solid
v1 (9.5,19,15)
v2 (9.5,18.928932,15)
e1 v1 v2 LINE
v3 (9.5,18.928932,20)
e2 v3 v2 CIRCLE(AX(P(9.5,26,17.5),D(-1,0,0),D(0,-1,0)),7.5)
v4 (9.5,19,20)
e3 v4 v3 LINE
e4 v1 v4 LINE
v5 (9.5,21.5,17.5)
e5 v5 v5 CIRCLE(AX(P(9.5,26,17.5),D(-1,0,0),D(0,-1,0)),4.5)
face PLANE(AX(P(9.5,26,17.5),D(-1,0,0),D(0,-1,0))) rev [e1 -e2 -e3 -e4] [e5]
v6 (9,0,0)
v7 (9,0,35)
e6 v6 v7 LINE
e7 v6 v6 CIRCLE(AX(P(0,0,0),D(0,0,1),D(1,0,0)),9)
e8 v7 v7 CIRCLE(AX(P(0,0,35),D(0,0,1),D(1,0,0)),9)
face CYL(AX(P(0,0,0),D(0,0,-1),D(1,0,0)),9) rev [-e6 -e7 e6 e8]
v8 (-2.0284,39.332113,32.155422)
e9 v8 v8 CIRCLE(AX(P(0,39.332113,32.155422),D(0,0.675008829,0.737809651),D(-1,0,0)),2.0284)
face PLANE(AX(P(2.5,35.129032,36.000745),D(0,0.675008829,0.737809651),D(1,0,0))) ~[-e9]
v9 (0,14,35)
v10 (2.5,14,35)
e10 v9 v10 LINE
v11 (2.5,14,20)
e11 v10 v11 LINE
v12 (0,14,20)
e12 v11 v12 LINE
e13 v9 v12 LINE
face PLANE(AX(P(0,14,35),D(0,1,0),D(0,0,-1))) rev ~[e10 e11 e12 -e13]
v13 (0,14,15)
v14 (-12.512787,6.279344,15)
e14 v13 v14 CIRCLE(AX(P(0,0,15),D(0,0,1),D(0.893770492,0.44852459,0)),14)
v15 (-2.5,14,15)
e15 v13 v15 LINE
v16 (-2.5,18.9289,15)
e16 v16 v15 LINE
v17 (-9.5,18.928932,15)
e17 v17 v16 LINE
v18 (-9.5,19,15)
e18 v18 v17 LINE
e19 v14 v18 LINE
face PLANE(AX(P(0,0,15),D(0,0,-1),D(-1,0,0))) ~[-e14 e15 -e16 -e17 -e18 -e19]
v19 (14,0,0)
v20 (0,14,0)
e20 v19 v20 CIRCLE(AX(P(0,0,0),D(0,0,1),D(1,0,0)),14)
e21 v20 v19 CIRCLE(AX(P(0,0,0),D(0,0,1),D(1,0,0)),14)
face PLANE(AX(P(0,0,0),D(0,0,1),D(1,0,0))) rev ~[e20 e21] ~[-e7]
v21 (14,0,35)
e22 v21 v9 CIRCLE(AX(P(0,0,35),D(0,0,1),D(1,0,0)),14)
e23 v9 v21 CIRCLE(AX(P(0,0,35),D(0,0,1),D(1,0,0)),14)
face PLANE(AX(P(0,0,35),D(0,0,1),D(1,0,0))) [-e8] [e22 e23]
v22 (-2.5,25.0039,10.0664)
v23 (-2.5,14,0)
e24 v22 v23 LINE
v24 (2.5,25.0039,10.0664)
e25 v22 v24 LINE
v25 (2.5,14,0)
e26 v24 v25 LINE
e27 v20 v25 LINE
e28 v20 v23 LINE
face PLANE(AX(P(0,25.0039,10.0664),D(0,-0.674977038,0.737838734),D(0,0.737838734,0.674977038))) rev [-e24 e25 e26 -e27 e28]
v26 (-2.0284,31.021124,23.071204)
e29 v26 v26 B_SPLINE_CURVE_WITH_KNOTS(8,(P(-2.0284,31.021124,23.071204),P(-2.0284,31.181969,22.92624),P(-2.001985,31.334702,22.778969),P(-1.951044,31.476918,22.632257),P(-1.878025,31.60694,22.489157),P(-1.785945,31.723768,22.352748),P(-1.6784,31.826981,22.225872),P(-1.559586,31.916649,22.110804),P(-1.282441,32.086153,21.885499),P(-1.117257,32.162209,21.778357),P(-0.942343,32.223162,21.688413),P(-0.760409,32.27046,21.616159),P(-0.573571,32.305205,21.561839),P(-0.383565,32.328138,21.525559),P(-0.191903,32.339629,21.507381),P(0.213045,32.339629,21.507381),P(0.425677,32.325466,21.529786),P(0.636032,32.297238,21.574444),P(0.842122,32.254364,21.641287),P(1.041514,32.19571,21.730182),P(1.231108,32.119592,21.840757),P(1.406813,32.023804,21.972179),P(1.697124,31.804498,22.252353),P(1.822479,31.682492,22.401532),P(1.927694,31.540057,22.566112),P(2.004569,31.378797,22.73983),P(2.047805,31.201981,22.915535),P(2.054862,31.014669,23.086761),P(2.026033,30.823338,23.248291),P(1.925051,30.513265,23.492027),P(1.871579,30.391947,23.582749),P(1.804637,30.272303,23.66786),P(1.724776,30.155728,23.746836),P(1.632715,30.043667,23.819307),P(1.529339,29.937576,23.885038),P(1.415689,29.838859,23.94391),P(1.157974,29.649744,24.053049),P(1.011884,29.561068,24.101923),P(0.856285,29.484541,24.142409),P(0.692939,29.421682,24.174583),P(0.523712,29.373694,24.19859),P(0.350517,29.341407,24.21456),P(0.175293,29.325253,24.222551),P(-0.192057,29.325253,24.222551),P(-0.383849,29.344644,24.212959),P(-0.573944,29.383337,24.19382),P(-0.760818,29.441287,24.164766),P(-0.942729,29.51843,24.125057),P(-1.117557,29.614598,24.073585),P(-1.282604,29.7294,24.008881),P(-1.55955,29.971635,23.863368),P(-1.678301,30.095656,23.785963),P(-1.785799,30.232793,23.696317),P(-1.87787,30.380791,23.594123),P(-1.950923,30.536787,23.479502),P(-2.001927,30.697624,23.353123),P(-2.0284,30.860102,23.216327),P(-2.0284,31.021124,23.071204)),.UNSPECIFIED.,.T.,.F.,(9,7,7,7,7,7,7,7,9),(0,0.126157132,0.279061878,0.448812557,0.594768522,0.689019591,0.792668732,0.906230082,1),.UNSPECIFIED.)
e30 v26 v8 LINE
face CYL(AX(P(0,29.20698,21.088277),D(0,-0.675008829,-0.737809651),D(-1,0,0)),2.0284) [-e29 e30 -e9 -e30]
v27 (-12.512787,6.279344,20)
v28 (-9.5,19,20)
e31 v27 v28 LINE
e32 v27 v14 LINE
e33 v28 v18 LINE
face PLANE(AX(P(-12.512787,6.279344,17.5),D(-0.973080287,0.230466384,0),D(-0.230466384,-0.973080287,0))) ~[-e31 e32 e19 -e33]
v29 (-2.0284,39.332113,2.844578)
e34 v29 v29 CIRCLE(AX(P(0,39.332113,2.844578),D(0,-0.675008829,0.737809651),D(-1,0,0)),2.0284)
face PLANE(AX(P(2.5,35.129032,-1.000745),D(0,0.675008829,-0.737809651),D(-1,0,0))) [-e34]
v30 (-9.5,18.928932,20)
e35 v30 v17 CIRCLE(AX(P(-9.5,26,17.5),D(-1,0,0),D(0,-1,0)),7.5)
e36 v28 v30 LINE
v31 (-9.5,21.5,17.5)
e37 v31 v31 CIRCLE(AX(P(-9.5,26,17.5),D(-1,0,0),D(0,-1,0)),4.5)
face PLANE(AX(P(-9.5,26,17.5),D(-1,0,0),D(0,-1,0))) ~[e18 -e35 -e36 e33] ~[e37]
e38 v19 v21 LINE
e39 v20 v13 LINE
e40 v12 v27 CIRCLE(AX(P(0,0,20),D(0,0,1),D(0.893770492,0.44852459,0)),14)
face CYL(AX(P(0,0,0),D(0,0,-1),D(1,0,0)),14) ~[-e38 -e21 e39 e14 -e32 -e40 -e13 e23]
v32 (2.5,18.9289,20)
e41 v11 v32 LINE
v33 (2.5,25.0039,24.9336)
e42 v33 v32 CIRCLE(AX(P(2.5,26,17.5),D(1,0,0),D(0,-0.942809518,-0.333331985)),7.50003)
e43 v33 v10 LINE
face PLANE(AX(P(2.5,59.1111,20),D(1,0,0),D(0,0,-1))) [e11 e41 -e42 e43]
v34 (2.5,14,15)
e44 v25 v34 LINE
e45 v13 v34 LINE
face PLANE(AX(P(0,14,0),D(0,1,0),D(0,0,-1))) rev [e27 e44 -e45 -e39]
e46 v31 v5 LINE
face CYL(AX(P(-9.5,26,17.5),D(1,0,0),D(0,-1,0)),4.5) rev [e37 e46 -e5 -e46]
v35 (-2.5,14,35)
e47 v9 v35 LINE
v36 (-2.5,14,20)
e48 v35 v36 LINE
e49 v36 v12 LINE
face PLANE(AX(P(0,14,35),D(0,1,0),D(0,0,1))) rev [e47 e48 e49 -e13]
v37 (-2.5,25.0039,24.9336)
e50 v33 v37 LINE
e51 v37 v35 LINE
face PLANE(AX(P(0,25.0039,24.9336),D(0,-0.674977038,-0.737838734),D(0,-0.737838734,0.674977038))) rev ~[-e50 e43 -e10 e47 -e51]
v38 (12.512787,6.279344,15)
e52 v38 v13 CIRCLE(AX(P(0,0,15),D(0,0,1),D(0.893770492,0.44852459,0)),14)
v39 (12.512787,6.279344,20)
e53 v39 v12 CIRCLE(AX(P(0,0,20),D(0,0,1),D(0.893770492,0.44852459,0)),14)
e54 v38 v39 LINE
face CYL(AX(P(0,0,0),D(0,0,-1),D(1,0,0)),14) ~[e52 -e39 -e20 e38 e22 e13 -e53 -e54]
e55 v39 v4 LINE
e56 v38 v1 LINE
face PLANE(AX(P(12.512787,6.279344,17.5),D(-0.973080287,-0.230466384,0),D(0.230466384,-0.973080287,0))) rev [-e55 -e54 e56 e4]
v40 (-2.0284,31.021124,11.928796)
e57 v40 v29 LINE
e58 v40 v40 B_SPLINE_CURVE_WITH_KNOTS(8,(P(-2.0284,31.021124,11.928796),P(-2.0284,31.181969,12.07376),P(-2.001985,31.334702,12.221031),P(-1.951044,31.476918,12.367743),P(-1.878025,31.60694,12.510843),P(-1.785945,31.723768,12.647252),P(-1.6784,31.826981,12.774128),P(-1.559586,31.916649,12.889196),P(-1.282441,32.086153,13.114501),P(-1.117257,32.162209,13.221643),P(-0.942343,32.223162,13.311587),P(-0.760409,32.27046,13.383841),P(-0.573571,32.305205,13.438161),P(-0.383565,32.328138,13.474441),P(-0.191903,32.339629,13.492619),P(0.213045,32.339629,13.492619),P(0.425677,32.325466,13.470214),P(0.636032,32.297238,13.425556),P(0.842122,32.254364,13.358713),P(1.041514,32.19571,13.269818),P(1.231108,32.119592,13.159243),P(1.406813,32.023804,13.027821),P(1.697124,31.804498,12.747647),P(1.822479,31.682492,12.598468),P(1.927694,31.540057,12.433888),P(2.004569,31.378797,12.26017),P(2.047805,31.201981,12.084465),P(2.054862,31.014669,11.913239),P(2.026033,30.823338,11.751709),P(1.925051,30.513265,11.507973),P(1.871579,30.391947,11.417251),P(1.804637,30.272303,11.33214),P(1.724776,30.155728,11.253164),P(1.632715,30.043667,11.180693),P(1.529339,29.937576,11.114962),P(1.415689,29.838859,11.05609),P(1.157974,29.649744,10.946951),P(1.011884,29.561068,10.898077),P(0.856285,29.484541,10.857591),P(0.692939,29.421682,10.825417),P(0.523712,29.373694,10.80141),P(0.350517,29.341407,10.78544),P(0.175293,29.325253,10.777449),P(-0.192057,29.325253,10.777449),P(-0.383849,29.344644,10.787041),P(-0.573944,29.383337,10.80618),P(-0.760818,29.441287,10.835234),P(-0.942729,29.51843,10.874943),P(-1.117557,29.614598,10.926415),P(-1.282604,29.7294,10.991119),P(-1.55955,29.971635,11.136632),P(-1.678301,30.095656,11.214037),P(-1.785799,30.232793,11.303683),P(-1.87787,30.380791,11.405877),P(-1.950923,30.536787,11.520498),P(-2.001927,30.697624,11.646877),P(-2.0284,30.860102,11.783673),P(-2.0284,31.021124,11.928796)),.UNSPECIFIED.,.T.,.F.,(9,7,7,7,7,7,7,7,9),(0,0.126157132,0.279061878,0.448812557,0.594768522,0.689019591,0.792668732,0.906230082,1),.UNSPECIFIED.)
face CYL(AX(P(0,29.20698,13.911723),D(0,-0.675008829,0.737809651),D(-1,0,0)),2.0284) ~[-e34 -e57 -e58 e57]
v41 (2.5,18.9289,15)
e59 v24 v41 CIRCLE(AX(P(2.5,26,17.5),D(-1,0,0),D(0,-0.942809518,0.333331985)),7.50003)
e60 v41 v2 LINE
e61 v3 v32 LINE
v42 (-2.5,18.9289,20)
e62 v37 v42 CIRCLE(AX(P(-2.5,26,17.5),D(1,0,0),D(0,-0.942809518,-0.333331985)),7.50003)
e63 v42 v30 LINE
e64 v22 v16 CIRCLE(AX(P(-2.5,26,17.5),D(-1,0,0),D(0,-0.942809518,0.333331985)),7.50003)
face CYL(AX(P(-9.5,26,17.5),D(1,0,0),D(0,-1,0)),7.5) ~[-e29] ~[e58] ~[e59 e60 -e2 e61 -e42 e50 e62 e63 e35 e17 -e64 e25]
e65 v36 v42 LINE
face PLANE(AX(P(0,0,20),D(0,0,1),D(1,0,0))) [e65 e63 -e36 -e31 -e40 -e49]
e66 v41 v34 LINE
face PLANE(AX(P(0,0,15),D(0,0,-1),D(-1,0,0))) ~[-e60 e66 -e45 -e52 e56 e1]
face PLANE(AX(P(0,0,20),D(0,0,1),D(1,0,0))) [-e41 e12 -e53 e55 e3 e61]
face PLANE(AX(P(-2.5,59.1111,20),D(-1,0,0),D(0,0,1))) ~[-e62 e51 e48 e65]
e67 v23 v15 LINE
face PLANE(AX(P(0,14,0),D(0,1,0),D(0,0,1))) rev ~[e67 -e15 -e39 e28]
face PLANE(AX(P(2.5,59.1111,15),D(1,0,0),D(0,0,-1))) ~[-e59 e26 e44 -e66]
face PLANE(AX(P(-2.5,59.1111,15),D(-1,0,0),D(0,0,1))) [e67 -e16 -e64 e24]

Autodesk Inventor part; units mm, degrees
ref_plane "YZ Plane" through (0, 0, 0) normal (1, 0, 0) x (0, 1, 0)
ref_plane "XZ Plane" through (0, 0, 0) normal (0, 1, 0) x (-1, 0, 0)
ref_plane "XY Plane" through (0, 0, 0) normal (0, 0, 1) x (1, 0, 0)
sketch "Sketch6" plane through (0, 0, 0) normal (0, 0, 1) x (1, 0, 0)
  circle A0 centre (0, 0) radius 9
  circle A1 centre (0, 0) radius 14
  dimension "d20" = 18
  dimension "d21" = 28
extrude "Extrusion4" add sketch "Sketch6" along normal blind 35
ref_plane "Work Plane2" through (0, 0, 17.5) normal (0, 0, 1) x (1, 0, 0)
sketch "Sketch8" plane through (0, 0, 17.5) normal (0, 0, 1) x (1, 0, 0)
  line L0 (0, 0) -> (0, 26)
  line L1 (0, 26) -> (-9.5, 26)
  line L2 (-9.5, 26) -> (-9.5, 21.5)
  line L3 (-9.5, 21.5) -> (0, 21.5)
  line L4 (0, 21.5) -> (0, 26)
  line L5 (0, 21.5) -> (-9.5, 21.5)
  line L6 (-9.5, 21.5) -> (-9.5, 18.5)
  line L7 (-9.5, 18.5) -> (0, 18.5)
  line L8 (0, 18.5) -> (0, 21.5)
  line L9 (9.5, 21.5) -> (0, 21.5)
  line L10 (9.5, 21.5) -> (9.5, 18.5)
  line L11 (9.5, 18.5) -> (0, 18.5)
  dimension "d28" = 26
  dimension "d29" = 9.5
  dimension "d30" = 4.5
  dimension "d32" = 3
revolve "Revolution1" add sketch "Sketch8" angle 360 about axis through (0, 26, 17.5) along (-1, 0, 0) contours L7 L6 L3 L0 | L0 L9 L10 L11
sketch "Sketch10" plane through (0, 0, 17.5) normal (0, 0, 1) x (1, 0, 0)
  circle A0 centre (0, 0) radius 14 projected
  line L0 (-14, 0) -> (-9.5, 19)
  line L1 (-9.5, 19) -> (0, 19)
  line L2 (-9.5, 33.5) -> (-9.5, 18.5) projected
  line L3 (0, 19) -> (0, 0)
  line L4 (14, 0) -> (9.5, 19)
  line L5 (9.5, 19) -> (0, 19)
  point P0 (-12.5128, 6.2793)
  point P1 (12.5128, 6.2793)
  dimension "d35" = 19
  dimension "d36" = 9.5
extrude "Extrusion6" add sketch "Sketch10" along normal blind 2.5 contours L0 L1 L3 A0 | A0 L3 L5 L4
mirror "Mirror2" about plane through (0, 0, 17.5) normal (0, 0, 1) of "Extrusion6"
ref_plane "Work Plane3" through (0, 59.1111, 15) normal (-1, 0, 0) x (0, 0, 1)
sketch "Sketch11" plane through (0, 59.1111, 15) normal (-1, 0, 0) x (0, 0, 1)
  arc A0 (5, -40.1822) -> (0, -40.1822) centre (2.5, -33.1111) ccw projected
  line L0 (-4.9336, -34.1072) -> (-15, -45.1111)
  line L1 (-15, -45.1111) -> (20, -45.1111) projected
  circle A1 centre (2.5, -33.1111) radius 7.5
  line L2 (2.5, -33.1111) -> (2.5, -59.6944)
  line L3 (10, -34.1161) -> (20, -45.1111)
  point P0 (-15, -59.1111)
  point P1 (10, -33.1111)
  point P2 (2.5, -45.1111)
  point P3 (2.5, -40.6111)
extrude "Extrusion9" add sketch "Sketch11" along normal blind 2.5 contours L2 L1 L0 A0 A1
mirror "Mirror5" about plane through (0, 59.1111, 15) normal (-1, 0, 0) of "Extrusion9"
mirror "Mirror6" about plane through (0, 0, 17.5) normal (0, 0, 1) of "Extrusion9", "Mirror5"
sketch "Sketch13" plane through (2.5, 25.0039, 10.0664) normal (0, 0.675, -0.7378) x (-1, 0, 0)
  line L0 (0, 0) -> (5, 0) projected
  line L1 (0, 0) -> (5, 0)
  line L2 (5, 0) -> (5, 11.3934)
  line L3 (5, 11.3934) -> (0, 11.3934)
  line L4 (0, 11.3934) -> (0, 0)
  line L5 (0, 11.3934) -> (5, 0)
  line L6 (0, 0) -> (5, 11.3934)
  line L7 (2.5, -1.4142) -> (2.5, 8.7105) projected
  circle A0 centre (2.5, 5.6967) radius 2.0284
  point P0 (2.5, -25.2434)
extrude "Extrusion10" add sketch "Sketch13" along normal blind 15 contours A0 L5 L6 | L6 L7 A0 | L7 L5 A0 | A0 L7 L5 | L6 A0 L5 | L7 A0 L6
mirror "Mirror7" about plane through (0, 0, 17.5) normal (0, 0, 1) of "Extrusion10"
